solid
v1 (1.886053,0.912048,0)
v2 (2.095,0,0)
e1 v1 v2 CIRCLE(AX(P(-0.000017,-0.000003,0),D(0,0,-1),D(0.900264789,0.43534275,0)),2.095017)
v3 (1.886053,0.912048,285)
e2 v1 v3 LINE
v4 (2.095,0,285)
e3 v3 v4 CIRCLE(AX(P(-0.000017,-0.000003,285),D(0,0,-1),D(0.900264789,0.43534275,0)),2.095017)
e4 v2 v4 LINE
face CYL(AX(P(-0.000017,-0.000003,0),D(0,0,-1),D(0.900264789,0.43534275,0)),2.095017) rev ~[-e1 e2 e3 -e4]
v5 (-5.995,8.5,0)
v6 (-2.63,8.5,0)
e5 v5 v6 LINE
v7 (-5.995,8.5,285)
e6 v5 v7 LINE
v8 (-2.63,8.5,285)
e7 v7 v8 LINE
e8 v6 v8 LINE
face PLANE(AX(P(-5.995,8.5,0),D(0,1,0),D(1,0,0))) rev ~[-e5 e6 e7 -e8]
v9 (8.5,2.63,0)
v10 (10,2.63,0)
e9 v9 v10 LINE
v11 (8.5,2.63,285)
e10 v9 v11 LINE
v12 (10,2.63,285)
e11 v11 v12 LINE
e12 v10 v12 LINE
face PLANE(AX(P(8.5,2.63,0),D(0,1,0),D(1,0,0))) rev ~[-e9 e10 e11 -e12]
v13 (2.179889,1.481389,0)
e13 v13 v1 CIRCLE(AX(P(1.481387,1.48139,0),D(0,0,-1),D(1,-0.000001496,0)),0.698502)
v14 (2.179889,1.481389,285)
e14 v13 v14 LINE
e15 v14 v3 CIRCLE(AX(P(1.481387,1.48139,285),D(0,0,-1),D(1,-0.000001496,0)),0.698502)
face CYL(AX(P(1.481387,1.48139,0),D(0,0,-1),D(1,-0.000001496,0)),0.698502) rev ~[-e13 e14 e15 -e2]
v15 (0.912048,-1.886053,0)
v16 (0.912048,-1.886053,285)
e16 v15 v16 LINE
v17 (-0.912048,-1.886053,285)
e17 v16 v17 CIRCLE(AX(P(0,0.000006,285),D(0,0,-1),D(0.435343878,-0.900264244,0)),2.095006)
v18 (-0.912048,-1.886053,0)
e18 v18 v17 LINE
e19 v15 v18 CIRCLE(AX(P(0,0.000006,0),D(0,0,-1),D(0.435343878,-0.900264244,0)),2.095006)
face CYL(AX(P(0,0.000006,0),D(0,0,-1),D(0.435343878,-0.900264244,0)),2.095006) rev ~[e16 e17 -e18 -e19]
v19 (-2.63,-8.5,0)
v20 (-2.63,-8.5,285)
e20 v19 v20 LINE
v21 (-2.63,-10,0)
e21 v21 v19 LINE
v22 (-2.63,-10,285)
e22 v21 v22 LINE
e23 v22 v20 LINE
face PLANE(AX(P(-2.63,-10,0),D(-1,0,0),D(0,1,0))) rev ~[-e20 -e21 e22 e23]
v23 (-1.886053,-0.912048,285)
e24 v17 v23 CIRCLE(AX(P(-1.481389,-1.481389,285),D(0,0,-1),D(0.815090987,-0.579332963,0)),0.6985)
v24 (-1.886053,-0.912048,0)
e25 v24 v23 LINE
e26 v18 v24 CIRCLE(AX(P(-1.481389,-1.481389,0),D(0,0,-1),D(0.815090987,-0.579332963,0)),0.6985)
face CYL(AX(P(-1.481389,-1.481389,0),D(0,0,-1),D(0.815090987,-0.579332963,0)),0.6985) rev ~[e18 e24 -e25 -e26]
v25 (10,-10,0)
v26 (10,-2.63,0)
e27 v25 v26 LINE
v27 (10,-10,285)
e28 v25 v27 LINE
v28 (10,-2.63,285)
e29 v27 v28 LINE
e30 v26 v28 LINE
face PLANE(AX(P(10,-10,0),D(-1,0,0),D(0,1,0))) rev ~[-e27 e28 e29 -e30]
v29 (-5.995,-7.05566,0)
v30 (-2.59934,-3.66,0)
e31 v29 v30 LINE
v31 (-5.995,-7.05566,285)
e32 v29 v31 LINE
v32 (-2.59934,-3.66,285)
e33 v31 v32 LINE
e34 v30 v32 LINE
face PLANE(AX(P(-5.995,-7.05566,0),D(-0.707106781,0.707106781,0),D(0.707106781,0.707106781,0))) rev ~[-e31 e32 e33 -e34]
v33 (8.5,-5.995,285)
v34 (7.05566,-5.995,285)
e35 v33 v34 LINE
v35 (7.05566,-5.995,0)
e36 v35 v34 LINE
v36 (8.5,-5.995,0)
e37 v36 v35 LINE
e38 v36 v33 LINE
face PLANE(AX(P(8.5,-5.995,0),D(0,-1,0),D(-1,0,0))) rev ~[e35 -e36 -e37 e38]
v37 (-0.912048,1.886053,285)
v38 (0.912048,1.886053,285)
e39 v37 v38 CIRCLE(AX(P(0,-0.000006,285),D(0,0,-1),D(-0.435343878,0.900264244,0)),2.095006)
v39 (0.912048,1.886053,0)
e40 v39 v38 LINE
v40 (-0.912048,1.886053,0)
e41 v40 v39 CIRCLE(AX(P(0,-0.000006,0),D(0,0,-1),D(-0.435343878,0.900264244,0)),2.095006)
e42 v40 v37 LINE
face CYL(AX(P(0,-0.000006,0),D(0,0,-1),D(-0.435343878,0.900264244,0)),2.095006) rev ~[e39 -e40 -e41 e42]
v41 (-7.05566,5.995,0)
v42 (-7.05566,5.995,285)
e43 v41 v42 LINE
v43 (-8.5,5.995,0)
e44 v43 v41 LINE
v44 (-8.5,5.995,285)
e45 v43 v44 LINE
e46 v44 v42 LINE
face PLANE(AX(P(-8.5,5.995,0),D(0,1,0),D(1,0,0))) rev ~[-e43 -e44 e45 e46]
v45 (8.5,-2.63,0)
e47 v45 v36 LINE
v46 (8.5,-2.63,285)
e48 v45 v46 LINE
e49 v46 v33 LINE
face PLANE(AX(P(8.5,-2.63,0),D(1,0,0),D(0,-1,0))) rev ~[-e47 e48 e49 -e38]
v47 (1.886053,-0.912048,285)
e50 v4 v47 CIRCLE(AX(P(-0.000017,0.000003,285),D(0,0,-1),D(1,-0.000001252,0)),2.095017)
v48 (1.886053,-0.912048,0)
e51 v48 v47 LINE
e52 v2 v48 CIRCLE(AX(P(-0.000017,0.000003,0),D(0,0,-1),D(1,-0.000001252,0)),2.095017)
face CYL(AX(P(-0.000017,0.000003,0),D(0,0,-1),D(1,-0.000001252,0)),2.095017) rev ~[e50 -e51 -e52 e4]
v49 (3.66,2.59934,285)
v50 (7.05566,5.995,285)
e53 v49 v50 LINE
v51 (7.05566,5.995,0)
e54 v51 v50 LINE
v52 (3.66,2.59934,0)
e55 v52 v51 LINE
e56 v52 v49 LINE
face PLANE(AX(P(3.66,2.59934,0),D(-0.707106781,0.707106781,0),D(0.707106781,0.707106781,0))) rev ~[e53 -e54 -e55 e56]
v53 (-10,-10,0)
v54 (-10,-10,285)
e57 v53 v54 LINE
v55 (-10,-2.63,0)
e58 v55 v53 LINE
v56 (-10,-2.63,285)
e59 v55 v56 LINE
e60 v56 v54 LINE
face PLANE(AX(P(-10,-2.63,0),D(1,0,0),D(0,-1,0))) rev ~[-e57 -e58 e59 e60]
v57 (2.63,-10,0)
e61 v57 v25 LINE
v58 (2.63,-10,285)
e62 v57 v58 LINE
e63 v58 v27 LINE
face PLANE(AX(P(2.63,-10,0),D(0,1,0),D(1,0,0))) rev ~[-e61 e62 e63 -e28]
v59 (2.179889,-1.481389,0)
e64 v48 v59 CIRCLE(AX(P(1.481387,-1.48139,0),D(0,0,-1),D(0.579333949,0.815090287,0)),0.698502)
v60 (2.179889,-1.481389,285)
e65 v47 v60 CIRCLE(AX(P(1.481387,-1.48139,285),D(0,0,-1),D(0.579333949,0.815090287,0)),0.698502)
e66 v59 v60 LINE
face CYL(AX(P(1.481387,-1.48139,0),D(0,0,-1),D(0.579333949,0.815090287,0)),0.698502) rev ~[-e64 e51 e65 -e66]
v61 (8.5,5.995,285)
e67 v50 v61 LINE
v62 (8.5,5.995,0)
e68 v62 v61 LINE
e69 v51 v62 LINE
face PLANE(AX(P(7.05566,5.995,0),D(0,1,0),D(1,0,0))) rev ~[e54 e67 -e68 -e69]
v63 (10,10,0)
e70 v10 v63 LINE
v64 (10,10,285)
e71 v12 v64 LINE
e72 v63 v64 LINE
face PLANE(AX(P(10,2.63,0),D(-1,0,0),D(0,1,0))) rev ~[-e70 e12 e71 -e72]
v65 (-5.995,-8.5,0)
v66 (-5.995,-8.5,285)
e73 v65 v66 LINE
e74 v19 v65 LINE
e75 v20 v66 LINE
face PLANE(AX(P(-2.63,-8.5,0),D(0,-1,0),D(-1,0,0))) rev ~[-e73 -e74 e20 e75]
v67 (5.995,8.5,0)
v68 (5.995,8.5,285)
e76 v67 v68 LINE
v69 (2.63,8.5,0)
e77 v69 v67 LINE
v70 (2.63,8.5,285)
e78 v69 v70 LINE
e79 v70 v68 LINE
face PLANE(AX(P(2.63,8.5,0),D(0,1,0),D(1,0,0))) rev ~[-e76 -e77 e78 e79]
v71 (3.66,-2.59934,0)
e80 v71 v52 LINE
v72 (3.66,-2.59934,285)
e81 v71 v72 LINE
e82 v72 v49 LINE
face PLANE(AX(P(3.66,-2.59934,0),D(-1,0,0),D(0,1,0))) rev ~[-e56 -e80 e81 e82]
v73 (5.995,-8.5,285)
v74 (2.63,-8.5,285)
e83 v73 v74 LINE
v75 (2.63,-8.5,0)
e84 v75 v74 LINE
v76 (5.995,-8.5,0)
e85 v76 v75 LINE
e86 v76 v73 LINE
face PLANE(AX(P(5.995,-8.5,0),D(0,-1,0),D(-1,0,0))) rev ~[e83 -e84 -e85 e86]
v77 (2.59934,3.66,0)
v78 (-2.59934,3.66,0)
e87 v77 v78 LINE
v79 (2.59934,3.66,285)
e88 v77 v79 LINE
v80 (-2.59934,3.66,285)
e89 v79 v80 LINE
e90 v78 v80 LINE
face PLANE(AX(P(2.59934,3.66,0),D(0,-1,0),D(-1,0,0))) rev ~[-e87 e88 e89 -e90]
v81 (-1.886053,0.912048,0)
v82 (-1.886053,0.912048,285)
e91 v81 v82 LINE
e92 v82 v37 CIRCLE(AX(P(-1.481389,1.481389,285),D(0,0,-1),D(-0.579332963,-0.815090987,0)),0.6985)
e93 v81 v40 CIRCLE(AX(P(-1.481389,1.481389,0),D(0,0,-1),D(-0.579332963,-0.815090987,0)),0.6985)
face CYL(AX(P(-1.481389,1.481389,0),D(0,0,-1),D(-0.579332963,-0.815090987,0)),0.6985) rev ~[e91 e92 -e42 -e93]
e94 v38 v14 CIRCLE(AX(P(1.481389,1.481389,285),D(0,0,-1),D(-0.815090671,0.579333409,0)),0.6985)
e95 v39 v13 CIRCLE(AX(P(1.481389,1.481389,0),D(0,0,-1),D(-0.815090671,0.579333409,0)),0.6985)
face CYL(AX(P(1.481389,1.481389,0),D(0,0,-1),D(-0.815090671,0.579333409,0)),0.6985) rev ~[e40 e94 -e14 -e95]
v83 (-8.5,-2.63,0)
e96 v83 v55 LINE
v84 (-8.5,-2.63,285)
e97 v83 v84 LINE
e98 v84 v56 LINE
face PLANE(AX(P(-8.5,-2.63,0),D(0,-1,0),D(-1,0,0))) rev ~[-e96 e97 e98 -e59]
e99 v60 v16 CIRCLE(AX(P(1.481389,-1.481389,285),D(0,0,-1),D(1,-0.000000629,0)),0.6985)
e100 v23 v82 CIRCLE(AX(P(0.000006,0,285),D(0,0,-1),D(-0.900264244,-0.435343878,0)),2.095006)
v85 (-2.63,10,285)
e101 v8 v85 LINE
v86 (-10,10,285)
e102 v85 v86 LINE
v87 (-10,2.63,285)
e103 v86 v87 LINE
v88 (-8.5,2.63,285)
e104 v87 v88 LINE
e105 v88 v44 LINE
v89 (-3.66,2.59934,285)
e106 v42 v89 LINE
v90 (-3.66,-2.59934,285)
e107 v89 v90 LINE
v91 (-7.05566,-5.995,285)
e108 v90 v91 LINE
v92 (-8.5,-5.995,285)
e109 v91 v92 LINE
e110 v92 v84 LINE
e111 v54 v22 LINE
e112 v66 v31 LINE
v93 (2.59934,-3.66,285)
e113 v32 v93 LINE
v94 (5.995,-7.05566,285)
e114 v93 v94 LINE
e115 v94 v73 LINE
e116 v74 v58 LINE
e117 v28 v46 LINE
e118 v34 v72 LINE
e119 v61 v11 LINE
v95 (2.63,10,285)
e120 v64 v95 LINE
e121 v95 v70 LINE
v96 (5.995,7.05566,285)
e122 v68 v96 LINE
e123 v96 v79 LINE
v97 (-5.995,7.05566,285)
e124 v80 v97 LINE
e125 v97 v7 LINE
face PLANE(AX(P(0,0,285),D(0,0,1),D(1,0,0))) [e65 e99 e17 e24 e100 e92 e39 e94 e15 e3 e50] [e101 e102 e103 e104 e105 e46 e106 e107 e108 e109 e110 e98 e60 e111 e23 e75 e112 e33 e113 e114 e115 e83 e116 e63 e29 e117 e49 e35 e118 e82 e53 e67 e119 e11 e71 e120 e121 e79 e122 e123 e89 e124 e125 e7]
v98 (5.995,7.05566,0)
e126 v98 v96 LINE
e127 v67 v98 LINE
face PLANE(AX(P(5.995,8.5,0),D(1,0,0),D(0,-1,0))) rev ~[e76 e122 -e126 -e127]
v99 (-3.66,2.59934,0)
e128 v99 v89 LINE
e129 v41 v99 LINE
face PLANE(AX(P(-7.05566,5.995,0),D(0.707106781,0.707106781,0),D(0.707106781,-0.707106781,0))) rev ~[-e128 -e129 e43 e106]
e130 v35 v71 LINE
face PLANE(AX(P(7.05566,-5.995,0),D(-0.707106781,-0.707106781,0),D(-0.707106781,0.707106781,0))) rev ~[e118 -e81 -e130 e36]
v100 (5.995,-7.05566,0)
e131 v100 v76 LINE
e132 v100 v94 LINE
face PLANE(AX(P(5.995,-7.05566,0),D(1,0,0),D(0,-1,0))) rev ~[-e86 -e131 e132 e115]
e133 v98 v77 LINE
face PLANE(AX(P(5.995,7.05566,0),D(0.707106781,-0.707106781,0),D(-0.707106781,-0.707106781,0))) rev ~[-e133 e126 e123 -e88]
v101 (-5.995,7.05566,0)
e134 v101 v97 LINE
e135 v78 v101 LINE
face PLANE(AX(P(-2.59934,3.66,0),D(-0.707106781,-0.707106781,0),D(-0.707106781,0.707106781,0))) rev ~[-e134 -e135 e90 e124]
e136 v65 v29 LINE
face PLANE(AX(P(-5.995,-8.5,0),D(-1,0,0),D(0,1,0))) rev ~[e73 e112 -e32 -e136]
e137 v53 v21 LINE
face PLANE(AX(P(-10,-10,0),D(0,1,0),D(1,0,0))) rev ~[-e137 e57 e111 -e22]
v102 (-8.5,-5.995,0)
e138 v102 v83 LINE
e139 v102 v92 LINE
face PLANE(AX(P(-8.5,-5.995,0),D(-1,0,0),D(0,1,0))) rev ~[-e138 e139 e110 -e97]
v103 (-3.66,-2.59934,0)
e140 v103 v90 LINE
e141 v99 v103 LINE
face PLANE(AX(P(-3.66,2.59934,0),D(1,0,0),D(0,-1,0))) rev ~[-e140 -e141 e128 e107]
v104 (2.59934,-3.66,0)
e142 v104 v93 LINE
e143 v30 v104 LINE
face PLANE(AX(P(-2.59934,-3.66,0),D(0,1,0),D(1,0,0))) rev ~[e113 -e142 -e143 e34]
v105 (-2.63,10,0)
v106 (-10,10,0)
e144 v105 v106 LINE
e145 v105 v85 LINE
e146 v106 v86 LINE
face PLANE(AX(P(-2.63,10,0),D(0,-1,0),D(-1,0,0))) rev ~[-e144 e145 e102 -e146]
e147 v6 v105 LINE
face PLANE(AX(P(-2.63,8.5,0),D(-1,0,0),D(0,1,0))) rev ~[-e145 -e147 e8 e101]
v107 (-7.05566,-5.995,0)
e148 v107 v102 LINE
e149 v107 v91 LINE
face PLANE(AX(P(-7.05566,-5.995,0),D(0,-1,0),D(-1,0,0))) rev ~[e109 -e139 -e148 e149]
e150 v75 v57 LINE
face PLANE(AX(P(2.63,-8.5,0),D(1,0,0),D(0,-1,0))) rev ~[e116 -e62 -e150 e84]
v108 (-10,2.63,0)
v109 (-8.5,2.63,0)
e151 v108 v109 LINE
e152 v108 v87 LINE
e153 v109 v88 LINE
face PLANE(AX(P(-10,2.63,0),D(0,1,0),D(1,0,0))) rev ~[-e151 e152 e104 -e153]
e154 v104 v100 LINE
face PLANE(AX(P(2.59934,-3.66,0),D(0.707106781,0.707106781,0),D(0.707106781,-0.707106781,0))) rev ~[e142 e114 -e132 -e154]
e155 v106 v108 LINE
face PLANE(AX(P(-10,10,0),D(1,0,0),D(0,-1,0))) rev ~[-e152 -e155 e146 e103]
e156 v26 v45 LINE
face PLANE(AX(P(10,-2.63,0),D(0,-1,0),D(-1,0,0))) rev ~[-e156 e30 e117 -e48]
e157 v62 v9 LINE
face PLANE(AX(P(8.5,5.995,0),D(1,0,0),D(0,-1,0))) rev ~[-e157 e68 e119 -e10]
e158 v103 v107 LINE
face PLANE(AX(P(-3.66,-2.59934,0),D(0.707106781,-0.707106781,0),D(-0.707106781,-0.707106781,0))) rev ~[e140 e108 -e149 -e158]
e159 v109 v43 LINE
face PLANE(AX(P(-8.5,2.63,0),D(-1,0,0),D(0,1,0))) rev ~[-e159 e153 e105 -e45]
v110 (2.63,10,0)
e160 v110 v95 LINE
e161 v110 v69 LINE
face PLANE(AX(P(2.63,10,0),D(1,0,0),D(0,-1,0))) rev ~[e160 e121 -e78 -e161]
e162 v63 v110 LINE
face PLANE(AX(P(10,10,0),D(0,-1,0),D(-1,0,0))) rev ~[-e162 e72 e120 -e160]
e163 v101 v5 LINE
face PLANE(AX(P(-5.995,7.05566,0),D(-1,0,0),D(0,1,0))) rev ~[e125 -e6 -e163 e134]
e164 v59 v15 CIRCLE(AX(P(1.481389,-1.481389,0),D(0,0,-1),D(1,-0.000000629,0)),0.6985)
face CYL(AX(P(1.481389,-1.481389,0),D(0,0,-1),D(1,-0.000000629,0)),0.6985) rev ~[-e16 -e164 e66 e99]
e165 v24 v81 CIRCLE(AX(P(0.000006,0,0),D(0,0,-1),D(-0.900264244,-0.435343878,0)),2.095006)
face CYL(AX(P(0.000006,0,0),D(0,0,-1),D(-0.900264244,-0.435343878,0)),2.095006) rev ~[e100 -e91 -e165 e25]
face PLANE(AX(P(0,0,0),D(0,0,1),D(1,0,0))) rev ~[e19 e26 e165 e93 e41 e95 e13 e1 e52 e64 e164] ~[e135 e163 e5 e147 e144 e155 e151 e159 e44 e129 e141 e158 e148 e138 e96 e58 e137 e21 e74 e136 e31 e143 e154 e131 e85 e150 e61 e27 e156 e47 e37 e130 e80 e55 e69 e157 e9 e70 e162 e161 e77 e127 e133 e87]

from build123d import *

# Parameters (mm, degrees)
F1_DEPTH = 285


with BuildPart() as f1:
    # F0 (on Top) → F1 (new body)
    with BuildSketch(Plane.XY):
        Polygon((10, 2.63), (10, 10), (2.63, 10), (2.63, 8.5), (5.995, 8.5), (5.995, 7.05566), (2.59934, 3.66), (-2.59934, 3.66), (-5.995, 7.05566), (-5.995, 8.5), (-2.63, 8.5), (-2.63, 10), (-10, 10), (-10, 2.63), (-8.5, 2.63), (-8.5, 5.995), (-7.05566, 5.995), (-3.66, 2.59934), (-3.66, -2.59934), (-7.05566, -5.995), (-8.5, -5.995), (-8.5, -2.63), (-10, -2.63), (-10, -10), (-2.63, -10), (-2.63, -8.5), (-5.995, -8.5), (-5.995, -7.05566), (-2.59934, -3.66), (2.59934, -3.66), (5.995, -7.05566), (5.995, -8.5), (2.63, -8.5), (2.63, -10), (10, -10), (10, -2.63), (8.5, -2.63), (8.5, -5.995), (7.05566, -5.995), (3.66, -2.59934), (3.66, 2.59934), (7.05566, 5.995), (8.5, 5.995), (8.5, 2.63), align=None)
        with BuildLine():
            ThreePointArc((1.886053, 0.912048), (2.042095, 0.467838), (2.095, 0))
            ThreePointArc((2.095, 0), (2.042095, -0.467838), (1.886053, -0.912048))
            ThreePointArc((1.886053, -0.912048), (2.102098, -1.161042), (2.179889, -1.481389))
            ThreePointArc((2.179889, -1.481389), (1.693777, -2.146816), (0.912048, -1.886053))
            ThreePointArc((0.912048, -1.886053), (0, -2.095), (-0.912048, -1.886053))
            ThreePointArc((-0.912048, -1.886053), (-1.975303, -1.975303), (-1.886053, -0.912048))
            ThreePointArc((-1.886053, -0.912048), (-2.095, 0), (-1.886053, 0.912048))
            ThreePointArc((-1.886053, 0.912048), (-1.975303, 1.975303), (-0.912048, 1.886053))
            ThreePointArc((-0.912048, 1.886053), (0, 2.095), (0.912048, 1.886053))
            ThreePointArc((0.912048, 1.886053), (1.693777, 2.146816), (2.179889, 1.481389))
            ThreePointArc((2.179889, 1.481389), (2.102098, 1.161042), (1.886053, 0.912048))
        make_face(mode=Mode.SUBTRACT)
    extrude(amount=F1_DEPTH)


solid = f1.part
